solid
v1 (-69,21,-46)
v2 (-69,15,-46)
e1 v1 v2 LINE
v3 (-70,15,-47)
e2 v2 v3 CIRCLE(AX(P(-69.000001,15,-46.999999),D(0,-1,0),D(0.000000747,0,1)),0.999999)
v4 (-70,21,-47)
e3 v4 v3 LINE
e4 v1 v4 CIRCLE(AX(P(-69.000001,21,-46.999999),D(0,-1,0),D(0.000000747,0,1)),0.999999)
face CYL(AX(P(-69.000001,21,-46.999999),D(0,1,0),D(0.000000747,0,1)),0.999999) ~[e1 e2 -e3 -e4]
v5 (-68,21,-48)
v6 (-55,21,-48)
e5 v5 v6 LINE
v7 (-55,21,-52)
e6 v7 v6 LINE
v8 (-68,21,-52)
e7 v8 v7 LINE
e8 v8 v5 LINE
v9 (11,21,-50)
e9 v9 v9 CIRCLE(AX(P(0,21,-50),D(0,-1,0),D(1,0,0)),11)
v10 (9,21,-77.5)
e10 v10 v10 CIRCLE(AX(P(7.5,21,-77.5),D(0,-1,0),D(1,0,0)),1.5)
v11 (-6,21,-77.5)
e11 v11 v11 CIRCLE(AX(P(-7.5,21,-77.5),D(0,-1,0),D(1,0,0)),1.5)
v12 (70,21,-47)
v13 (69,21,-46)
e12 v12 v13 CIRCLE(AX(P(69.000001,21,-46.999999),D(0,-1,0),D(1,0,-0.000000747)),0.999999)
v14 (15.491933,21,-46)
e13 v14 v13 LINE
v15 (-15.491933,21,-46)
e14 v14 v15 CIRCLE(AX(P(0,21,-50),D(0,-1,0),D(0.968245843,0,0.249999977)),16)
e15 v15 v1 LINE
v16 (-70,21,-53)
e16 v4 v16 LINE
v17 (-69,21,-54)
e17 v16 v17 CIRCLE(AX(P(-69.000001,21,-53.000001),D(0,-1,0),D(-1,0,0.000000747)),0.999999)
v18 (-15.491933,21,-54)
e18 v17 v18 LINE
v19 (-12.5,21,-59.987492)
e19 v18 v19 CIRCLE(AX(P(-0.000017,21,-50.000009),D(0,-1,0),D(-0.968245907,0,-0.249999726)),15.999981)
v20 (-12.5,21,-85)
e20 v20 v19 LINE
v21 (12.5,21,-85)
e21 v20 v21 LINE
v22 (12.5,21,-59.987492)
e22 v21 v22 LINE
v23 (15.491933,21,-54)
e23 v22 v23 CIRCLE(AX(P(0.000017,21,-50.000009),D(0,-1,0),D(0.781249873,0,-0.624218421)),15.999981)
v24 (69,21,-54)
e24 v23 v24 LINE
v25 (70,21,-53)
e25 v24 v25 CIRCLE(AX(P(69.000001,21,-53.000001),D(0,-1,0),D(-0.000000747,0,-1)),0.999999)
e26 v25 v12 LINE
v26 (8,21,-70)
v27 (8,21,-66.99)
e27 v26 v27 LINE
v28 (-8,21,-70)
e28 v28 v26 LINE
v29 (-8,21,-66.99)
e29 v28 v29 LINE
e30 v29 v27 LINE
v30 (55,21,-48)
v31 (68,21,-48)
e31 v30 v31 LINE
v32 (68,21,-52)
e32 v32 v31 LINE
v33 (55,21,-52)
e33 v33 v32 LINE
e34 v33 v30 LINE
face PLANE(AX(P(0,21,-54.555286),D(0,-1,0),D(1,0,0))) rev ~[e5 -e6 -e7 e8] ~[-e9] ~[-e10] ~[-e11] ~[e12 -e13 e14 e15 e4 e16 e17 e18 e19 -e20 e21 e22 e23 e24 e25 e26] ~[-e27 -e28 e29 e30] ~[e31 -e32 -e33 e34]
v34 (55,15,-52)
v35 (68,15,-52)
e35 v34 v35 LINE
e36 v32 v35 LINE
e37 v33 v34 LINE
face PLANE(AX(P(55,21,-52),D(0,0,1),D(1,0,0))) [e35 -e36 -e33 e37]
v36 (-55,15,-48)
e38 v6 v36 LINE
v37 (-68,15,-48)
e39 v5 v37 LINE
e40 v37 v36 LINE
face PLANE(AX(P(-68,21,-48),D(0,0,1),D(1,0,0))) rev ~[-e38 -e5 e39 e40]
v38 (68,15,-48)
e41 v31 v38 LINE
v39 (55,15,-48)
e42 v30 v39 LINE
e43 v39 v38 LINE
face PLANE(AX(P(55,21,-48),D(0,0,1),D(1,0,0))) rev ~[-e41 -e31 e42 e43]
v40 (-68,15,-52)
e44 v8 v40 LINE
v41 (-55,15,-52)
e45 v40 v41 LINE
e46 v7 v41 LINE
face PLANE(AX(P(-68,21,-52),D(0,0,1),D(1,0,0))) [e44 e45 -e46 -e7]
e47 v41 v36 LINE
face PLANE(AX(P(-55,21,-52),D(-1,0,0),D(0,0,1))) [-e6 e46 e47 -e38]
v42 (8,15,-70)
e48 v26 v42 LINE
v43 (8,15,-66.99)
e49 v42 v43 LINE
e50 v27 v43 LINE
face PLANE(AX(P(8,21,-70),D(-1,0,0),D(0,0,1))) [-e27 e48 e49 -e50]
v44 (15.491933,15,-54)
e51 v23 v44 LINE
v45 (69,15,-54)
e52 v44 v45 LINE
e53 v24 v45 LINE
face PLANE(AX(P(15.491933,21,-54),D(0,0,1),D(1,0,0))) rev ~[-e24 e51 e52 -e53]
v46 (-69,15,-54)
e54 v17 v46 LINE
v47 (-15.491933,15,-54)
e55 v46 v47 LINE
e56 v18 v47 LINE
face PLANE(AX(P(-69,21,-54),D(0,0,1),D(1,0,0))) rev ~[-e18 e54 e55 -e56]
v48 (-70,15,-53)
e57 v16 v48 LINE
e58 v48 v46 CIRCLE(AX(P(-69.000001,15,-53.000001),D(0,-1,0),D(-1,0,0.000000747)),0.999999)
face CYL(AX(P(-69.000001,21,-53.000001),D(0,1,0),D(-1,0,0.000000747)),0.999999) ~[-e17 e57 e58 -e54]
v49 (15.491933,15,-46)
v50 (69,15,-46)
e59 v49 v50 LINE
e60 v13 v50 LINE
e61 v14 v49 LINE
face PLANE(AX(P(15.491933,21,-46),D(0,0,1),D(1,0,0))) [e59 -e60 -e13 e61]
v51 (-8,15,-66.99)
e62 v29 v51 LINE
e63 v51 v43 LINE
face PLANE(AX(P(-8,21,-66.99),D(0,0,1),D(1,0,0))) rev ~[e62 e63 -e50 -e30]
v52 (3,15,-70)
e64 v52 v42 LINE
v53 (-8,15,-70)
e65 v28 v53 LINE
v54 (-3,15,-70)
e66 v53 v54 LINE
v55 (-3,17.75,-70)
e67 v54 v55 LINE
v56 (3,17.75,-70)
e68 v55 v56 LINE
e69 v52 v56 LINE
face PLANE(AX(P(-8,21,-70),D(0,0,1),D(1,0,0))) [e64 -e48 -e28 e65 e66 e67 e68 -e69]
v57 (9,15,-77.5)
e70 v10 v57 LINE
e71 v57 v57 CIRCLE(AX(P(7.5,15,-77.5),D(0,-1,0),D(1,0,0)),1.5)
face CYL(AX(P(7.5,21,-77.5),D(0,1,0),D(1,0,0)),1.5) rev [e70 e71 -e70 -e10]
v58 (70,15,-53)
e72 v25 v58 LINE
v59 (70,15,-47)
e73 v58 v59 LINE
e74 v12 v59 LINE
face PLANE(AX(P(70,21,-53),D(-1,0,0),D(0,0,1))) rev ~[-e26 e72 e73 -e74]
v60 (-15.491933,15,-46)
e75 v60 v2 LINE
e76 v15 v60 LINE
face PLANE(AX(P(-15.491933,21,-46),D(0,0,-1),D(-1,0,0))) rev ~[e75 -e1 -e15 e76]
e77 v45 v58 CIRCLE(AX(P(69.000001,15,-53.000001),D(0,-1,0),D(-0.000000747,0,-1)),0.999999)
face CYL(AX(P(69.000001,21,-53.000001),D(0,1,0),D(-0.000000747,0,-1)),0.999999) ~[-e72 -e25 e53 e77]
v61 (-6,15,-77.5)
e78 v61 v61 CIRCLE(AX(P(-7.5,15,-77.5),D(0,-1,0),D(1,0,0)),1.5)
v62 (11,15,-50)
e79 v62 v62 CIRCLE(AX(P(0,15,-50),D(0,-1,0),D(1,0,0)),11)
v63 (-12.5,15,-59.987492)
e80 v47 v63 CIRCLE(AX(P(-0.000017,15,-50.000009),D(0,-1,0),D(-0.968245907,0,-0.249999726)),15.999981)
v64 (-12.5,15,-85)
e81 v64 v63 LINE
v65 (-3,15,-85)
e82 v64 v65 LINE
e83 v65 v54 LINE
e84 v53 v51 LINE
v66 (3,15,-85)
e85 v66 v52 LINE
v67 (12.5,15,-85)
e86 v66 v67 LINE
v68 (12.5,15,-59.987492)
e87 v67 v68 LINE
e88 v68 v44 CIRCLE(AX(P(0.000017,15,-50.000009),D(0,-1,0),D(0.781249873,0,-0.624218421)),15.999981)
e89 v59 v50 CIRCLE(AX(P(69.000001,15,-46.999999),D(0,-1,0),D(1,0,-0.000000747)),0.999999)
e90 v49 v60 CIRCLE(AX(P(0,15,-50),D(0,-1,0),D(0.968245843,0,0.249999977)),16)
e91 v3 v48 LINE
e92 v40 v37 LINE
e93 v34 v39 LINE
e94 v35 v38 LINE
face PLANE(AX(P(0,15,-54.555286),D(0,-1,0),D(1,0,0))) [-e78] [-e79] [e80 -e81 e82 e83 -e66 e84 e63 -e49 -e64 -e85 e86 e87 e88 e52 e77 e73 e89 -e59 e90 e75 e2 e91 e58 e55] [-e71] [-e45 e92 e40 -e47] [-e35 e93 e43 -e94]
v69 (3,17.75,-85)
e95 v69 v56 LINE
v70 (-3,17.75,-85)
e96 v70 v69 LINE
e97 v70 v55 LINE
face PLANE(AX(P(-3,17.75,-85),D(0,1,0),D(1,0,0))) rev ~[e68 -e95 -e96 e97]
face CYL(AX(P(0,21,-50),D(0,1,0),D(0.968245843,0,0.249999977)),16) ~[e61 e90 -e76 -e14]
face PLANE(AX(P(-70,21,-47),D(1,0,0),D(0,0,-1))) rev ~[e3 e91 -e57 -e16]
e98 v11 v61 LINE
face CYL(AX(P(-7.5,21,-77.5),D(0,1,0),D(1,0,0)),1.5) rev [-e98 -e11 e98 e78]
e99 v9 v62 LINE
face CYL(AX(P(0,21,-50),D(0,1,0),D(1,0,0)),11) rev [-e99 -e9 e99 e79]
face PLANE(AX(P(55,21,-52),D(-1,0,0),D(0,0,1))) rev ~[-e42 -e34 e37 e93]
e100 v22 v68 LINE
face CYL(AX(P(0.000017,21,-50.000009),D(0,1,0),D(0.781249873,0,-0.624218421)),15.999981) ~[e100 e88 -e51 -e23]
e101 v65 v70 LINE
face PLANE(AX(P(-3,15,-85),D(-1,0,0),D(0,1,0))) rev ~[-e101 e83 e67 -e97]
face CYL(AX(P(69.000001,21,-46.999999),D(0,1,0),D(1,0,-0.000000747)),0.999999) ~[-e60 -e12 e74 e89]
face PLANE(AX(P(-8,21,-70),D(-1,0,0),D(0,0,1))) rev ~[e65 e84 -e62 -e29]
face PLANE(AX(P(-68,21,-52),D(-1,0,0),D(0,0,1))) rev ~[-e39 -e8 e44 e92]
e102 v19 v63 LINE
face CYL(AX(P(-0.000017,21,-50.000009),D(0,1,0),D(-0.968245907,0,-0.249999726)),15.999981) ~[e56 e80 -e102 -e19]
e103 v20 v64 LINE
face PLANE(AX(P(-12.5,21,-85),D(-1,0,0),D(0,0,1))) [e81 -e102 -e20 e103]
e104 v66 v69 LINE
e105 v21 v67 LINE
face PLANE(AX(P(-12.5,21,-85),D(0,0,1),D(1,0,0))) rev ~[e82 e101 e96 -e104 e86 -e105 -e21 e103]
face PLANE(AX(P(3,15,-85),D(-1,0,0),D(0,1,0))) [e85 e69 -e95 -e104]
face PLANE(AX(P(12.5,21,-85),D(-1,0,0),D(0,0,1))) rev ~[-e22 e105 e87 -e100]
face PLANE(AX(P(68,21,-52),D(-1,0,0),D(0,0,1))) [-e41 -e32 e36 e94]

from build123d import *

# Parameters (mm, degrees)
BOX004_W         = 6
BOX004_H         = 2.75
BOX004_DEPTH     = 15
SKETCH023_R      = 11
SKETCH023_R_2    = 1.5
SKETCH023_W      = 13
SKETCH023_H      = 4
SKETCH023_W_2    = 16
SKETCH023_H_2    = 3.01
EXTRUDE015_DEPTH = 6


with BuildPart() as pendulumclampslot:
    # Box004 → Box004 (new body)
    with BuildSketch(Plane(origin=(-3, 15, -85), x_dir=(1, 0, 0), z_dir=(0, 0, 1))):
        with Locations((3, 1.375)):
            Rectangle(BOX004_W, BOX004_H)
    extrude(amount=BOX004_DEPTH)


with BuildPart() as pendulumclampback:
    # Sketch023 → Extrude015 (new body)
    with BuildSketch(Plane(origin=(0, 21, -50), x_dir=(1, 0, 0), z_dir=(0, -1, 0))):
        with BuildLine():
            ThreePointArc((-15.491933, -4), (-14.312568, -7.151951), (-12.5, -9.987492))
            Line((-12.5, -35), (-12.5, -9.987492))
            Line((-12.5, -35), (12.5, -35))
            Line((12.5, -35), (12.5, -9.987492))
            ThreePointArc((12.5, -9.987492), (14.312568, -7.151951), (15.491933, -4))
            Line((15.491933, -4), (69, -4))
            ThreePointArc((69, -4), (69.707107, -3.707107), (70, -3))
            Line((70, -3), (70, 3))
            ThreePointArc((70, 3), (69.707107, 3.707107), (69, 4))
            Line((15.491933, 4), (69, 4))
            ThreePointArc((15.491933, 4), (0, 16), (-15.491933, 4))
            Line((-15.491933, 4), (-69, 4))
            ThreePointArc((-69, 4), (-69.707107, 3.707107), (-70, 3))
            Line((-70, 3), (-70, -3))
            ThreePointArc((-70, -3), (-69.707107, -3.707107), (-69, -4))
            Line((-69, -4), (-15.491933, -4))
        make_face()
        Circle(SKETCH023_R, mode=Mode.SUBTRACT)
        with Locations((-7.5, -27.5)):
            Circle(SKETCH023_R_2, mode=Mode.SUBTRACT)
        with Locations((7.5, -27.5)):
            Circle(SKETCH023_R_2, mode=Mode.SUBTRACT)
        with Locations((-61.5, 0)):
            Rectangle(SKETCH023_W, SKETCH023_H, mode=Mode.SUBTRACT)
        with Locations((61.5, 0)):
            Rectangle(SKETCH023_W, SKETCH023_H, mode=Mode.SUBTRACT)
        with Locations((0, -18.495)):
            Rectangle(SKETCH023_W_2, SKETCH023_H_2, mode=Mode.SUBTRACT)
    extrude(amount=EXTRUDE015_DEPTH)

    # Cut002002008: cut PendulumClampSlot
    add(pendulumclampslot.part, mode=Mode.SUBTRACT)


solid = pendulumclampback.part
